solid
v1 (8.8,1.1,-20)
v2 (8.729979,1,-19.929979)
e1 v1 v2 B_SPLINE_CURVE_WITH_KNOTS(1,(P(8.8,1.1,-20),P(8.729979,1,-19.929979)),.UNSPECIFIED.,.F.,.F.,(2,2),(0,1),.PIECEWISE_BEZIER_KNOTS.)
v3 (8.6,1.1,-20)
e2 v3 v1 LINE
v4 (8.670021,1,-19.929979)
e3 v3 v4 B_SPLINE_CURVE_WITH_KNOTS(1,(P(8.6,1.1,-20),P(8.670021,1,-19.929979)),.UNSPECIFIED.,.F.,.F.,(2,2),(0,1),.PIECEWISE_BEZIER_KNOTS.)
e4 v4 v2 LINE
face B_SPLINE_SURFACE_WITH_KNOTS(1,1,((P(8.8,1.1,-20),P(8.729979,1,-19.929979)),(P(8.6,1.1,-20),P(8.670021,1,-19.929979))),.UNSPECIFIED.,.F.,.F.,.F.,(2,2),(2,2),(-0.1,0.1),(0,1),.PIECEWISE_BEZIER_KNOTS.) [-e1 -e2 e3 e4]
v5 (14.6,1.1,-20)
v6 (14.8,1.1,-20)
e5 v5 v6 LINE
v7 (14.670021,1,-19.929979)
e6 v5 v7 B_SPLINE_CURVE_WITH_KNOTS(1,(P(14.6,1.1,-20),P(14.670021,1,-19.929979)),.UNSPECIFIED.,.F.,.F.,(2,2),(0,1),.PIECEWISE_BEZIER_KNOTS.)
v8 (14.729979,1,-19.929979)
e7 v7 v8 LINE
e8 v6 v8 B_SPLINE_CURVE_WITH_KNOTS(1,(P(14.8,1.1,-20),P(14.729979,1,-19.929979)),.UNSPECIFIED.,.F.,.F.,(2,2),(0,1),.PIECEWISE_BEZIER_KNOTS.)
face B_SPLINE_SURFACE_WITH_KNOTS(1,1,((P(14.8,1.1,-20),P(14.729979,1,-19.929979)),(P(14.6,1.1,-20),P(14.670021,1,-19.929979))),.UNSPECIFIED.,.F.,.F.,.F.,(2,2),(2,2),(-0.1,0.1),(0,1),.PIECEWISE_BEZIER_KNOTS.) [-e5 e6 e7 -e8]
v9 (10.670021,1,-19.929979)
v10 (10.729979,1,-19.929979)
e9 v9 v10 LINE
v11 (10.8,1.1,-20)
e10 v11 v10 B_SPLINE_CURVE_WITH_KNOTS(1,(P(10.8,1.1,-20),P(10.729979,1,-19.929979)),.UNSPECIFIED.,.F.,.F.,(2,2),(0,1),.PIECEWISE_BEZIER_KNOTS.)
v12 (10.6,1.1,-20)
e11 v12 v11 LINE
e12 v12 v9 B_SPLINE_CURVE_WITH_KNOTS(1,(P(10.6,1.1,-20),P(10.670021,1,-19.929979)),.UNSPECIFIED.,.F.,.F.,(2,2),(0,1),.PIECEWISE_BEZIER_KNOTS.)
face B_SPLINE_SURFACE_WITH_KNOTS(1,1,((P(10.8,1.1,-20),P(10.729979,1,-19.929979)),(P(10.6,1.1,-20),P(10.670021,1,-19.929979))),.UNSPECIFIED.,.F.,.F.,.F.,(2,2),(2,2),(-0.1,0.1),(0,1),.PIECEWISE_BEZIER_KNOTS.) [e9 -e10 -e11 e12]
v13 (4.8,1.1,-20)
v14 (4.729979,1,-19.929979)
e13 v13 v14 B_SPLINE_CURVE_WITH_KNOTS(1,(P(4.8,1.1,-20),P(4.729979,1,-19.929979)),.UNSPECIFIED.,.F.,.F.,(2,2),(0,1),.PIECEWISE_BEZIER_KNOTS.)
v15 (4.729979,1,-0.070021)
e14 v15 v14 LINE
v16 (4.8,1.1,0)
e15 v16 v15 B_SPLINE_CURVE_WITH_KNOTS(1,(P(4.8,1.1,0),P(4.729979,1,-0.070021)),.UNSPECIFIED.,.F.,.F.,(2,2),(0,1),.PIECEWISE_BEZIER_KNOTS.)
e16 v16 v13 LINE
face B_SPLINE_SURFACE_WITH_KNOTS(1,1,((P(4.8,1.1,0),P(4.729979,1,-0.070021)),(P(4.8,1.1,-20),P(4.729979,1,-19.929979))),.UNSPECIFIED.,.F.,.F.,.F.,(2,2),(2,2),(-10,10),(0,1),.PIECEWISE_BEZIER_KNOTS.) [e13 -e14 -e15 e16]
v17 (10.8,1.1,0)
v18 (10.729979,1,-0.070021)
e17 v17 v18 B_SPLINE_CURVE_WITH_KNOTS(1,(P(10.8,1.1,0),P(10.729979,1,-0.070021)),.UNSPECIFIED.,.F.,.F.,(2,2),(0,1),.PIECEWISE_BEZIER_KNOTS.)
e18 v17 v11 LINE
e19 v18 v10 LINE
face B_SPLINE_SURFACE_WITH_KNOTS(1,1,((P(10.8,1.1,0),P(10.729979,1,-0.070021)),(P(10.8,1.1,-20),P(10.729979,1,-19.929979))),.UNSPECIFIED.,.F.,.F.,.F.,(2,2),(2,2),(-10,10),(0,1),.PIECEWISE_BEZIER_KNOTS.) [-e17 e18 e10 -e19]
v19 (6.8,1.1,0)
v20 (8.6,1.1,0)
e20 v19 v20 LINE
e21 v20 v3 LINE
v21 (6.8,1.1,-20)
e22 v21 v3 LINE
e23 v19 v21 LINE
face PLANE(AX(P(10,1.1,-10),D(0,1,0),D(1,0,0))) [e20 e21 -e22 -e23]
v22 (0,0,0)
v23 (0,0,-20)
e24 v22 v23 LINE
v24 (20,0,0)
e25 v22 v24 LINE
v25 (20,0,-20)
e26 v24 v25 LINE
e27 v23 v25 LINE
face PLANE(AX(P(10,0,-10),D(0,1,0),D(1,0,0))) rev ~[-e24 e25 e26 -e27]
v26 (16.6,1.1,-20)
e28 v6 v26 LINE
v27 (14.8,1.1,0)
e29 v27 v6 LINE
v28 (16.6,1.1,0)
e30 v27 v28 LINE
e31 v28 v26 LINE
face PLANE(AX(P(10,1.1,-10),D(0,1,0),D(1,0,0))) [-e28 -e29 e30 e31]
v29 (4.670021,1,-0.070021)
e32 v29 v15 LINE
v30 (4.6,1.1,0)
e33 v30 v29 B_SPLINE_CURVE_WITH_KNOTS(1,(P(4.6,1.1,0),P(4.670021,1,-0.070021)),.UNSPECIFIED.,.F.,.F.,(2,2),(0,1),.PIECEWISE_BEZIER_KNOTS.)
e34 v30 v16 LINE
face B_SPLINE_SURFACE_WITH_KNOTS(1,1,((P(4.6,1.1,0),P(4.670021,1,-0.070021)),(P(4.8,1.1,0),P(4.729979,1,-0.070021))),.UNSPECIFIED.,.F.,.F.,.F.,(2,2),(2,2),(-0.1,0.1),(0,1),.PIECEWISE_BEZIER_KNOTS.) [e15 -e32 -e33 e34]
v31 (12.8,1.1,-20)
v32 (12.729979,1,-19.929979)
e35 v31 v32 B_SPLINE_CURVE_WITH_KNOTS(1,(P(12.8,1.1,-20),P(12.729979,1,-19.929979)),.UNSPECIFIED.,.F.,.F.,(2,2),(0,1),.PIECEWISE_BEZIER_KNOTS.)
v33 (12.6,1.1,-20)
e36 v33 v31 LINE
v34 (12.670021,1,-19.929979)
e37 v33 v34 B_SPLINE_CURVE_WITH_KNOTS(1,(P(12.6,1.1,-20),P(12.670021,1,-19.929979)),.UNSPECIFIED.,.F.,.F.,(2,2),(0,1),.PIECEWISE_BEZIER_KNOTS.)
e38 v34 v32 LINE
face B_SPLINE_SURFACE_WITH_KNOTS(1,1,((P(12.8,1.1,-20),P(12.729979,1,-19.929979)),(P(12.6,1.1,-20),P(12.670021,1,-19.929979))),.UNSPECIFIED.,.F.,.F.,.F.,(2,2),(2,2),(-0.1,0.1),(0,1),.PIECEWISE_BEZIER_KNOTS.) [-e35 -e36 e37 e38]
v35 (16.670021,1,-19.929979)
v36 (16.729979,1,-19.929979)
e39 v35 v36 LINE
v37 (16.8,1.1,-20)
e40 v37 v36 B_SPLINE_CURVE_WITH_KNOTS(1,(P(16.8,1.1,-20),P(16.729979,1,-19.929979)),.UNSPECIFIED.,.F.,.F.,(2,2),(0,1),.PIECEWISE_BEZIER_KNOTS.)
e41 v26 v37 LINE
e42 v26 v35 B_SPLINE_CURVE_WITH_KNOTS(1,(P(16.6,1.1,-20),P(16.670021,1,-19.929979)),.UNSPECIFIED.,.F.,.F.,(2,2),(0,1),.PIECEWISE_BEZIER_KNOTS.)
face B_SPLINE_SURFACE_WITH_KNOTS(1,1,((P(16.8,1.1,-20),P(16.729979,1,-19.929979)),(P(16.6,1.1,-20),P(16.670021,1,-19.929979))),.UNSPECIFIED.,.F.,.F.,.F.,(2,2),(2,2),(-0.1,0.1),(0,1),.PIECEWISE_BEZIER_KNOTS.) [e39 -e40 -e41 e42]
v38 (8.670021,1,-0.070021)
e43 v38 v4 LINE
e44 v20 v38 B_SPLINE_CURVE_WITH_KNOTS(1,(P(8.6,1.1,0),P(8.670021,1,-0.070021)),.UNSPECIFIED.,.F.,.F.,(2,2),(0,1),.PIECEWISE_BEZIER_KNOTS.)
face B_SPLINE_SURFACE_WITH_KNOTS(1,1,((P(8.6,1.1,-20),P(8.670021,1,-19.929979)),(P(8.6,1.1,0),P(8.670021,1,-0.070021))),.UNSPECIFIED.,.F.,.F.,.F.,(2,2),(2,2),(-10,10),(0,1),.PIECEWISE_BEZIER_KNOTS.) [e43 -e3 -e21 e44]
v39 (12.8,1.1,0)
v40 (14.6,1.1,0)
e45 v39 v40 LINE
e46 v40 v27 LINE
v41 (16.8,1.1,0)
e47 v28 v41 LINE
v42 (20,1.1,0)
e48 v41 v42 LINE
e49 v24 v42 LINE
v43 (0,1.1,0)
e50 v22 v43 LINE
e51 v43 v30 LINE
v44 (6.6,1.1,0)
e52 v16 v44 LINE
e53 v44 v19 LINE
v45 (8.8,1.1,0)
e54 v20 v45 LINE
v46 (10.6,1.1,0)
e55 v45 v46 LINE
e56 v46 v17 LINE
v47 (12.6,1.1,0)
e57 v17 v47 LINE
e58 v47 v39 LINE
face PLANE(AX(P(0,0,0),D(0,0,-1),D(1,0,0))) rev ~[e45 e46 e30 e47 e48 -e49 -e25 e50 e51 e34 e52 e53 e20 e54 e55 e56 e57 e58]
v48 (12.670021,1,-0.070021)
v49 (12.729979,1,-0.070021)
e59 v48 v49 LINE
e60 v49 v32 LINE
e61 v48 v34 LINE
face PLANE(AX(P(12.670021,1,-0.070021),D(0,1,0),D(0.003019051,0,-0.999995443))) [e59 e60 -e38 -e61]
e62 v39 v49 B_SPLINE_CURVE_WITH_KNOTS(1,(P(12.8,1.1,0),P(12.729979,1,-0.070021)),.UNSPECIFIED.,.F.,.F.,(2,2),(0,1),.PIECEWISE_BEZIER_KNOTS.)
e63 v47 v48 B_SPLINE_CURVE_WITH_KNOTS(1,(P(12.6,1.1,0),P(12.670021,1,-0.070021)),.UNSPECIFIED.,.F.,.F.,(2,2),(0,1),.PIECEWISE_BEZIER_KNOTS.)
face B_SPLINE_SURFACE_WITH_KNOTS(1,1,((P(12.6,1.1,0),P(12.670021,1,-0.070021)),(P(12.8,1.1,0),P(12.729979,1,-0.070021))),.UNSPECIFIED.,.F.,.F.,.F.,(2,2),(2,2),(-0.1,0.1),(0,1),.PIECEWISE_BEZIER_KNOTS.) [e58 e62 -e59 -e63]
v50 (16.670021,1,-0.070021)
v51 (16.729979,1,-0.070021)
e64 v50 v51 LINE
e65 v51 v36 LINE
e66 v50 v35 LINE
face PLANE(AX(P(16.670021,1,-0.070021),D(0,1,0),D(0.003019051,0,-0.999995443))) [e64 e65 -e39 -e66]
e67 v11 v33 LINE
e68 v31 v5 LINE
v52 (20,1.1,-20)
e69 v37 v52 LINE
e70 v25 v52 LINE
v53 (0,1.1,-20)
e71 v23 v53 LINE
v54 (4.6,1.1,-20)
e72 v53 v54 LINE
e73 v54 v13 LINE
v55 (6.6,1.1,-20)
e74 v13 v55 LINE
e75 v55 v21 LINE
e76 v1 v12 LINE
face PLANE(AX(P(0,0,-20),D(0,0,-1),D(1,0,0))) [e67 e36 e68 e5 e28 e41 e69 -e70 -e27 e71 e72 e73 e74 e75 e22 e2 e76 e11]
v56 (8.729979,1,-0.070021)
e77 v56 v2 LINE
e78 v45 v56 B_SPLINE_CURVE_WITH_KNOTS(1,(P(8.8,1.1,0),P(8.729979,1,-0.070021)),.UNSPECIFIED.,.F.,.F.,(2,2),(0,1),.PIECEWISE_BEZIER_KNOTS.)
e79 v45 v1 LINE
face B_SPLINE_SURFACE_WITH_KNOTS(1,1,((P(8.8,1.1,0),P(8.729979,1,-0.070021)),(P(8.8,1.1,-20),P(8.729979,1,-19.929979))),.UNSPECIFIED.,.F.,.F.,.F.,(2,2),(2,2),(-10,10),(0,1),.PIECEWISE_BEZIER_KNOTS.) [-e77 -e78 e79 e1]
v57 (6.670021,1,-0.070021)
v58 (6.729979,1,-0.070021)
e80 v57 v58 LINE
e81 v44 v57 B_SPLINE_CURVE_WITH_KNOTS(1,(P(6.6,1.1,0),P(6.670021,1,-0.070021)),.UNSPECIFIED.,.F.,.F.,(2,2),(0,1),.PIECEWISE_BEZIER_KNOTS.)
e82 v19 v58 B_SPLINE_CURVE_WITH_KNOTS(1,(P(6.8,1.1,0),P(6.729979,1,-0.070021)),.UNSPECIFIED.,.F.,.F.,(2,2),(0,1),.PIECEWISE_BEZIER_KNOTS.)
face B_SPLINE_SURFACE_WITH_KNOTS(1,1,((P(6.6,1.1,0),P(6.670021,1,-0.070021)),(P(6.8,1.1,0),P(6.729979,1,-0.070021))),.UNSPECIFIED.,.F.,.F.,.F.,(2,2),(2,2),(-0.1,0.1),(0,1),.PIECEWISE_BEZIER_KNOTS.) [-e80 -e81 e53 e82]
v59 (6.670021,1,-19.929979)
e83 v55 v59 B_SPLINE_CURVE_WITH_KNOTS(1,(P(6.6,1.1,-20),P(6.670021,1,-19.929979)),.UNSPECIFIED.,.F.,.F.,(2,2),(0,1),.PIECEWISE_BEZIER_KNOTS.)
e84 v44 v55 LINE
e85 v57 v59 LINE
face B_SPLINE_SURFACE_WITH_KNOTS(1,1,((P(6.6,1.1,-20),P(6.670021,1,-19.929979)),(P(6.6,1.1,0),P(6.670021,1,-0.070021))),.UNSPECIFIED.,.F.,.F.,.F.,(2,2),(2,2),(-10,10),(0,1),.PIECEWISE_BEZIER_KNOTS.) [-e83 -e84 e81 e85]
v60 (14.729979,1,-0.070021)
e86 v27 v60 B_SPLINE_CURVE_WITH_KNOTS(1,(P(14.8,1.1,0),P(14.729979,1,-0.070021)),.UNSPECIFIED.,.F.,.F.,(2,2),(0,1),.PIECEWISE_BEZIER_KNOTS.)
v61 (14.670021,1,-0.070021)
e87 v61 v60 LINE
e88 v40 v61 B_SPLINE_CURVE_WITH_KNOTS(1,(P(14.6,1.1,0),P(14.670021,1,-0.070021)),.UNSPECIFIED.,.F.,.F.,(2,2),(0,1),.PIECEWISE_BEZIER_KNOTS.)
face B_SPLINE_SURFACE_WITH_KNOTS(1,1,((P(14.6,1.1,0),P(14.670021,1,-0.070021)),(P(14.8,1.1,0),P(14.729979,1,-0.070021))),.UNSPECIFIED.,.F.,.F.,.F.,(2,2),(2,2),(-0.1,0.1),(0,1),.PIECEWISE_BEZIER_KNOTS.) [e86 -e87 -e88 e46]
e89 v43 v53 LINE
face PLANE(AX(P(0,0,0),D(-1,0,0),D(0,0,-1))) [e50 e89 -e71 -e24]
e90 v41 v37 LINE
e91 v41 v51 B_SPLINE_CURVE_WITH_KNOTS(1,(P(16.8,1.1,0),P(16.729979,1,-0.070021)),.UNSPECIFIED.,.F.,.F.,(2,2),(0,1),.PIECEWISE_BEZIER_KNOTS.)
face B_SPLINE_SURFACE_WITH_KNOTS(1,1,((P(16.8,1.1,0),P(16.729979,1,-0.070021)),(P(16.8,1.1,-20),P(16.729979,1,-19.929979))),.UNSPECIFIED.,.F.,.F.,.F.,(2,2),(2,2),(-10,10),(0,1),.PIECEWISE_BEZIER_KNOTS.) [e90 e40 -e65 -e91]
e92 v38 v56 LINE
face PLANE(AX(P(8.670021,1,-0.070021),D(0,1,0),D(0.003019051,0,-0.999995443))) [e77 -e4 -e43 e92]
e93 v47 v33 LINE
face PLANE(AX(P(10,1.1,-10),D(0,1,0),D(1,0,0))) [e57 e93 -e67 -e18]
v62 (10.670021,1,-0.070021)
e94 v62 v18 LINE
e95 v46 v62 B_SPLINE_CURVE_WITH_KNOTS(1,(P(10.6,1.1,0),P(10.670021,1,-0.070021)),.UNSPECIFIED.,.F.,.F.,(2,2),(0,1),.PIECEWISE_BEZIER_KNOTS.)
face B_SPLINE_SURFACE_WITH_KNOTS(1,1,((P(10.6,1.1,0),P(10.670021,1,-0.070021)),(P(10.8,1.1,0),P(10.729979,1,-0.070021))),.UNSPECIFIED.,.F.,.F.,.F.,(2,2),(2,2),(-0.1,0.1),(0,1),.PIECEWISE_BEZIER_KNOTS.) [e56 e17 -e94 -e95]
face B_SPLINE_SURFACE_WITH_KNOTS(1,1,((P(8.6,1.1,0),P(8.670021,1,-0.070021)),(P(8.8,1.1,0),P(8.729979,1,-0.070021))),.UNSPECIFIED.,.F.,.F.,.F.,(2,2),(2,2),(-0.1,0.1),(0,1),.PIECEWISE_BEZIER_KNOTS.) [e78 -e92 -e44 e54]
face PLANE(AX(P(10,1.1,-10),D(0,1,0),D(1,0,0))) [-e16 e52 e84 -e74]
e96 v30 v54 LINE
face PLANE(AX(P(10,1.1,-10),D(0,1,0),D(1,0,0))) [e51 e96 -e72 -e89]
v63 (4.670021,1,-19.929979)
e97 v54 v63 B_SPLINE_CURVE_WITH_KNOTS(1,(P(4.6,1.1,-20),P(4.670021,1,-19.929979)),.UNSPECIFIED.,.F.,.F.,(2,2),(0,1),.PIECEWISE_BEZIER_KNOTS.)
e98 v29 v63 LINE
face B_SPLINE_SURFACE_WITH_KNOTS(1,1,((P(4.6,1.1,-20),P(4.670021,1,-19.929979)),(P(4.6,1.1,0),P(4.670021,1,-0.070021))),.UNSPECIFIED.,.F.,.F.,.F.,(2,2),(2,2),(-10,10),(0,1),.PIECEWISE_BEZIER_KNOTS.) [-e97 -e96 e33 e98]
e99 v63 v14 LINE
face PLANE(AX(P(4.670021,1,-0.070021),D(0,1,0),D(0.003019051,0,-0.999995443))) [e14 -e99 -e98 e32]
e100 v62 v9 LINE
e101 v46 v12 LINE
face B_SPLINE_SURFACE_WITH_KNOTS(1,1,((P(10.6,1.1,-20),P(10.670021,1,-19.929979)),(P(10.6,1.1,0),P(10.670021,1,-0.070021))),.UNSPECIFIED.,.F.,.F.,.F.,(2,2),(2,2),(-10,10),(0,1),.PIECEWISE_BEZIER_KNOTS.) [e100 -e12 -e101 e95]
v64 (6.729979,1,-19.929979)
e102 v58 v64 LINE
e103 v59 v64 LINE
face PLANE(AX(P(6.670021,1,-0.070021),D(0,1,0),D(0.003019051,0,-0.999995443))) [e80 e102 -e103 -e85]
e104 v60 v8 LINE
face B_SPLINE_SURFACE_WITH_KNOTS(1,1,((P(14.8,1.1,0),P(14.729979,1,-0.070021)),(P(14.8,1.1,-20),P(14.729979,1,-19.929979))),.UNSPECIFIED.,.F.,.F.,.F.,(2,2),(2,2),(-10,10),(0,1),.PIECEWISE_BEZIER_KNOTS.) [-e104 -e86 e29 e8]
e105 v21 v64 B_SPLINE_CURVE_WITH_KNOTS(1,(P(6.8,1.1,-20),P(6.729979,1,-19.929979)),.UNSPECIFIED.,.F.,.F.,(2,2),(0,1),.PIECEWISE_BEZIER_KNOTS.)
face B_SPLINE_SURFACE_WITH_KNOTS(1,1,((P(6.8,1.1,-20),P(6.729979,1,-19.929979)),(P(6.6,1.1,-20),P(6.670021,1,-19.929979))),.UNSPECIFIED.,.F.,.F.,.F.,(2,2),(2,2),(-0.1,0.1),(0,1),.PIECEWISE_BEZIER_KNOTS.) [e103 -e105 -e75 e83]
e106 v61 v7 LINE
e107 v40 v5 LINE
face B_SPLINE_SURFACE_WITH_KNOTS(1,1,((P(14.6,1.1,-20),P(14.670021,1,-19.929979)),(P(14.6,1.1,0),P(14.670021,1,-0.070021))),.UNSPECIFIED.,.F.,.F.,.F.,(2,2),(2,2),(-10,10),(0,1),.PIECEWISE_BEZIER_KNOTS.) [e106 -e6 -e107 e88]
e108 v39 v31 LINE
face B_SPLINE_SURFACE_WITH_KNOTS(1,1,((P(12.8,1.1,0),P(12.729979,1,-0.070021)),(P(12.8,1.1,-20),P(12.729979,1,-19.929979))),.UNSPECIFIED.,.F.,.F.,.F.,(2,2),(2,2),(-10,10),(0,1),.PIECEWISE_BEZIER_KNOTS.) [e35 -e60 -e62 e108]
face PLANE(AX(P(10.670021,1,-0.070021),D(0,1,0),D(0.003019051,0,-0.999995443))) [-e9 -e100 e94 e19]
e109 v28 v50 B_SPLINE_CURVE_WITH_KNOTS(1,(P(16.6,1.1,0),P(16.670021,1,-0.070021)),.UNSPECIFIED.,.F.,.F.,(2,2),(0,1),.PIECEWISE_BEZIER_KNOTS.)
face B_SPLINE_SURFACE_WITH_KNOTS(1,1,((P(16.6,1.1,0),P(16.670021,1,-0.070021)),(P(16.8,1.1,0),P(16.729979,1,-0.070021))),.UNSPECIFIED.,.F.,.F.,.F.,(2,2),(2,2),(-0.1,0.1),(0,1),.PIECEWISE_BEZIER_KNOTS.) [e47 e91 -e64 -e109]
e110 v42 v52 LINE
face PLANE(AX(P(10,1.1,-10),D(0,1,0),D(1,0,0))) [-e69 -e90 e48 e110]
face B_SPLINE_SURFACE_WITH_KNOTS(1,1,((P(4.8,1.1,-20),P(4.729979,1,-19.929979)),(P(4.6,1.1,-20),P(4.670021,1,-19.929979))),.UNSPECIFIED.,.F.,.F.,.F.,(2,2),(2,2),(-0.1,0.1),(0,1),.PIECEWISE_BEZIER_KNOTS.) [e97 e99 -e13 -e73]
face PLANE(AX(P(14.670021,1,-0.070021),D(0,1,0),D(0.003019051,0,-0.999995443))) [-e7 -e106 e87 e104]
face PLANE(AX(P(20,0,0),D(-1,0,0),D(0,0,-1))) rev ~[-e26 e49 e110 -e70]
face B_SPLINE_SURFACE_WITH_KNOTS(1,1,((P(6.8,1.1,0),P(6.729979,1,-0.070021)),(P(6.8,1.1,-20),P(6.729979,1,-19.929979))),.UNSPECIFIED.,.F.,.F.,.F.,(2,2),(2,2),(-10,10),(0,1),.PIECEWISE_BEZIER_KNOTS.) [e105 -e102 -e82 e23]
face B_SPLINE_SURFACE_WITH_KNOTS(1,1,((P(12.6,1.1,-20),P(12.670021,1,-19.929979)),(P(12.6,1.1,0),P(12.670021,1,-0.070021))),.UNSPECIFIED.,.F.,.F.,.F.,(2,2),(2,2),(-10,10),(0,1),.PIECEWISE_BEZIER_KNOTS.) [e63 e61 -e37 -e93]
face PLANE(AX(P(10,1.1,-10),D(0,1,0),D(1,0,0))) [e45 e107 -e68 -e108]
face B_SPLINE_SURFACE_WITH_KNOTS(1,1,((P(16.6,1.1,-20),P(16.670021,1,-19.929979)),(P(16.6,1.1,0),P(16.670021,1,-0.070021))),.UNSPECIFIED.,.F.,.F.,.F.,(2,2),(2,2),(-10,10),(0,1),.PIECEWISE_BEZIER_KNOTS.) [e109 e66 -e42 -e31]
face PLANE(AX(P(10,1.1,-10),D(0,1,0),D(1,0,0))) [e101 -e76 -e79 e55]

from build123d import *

# Parameters (mm, degrees)
SKETCH1_W           = 20
SKETCH1_H           = 20
BOSS_EXTRUDE2_DEPTH = 1.1
SKETCH2_W           = 0.2
SKETCH2_H           = 20
CUT_EXTRUDE1_DEPTH  = 0.1
CUT_EXTRUDE1_TAPER  = 35


with BuildPart() as part:
    # Sketch1 → Boss-Extrude2 (new body)
    with BuildSketch(Plane(origin=(0, 0, 0), x_dir=(1, 0, 0), z_dir=(0, 1, 0))):
        with Locations((10, 10)):
            Rectangle(SKETCH1_W, SKETCH1_H)
    extrude(amount=BOSS_EXTRUDE2_DEPTH)

    # Sketch2 → Cut-Extrude1 (cut)
    with BuildSketch(Plane(origin=(0, 1.1, 0), x_dir=(1, 0, 0), z_dir=(0, 1, 0))):
        with Locations((16.7, 10)):
            Rectangle(SKETCH2_W, SKETCH2_H)
        with Locations((14.7, 10)):
            Rectangle(SKETCH2_W, SKETCH2_H)
        with Locations((12.7, 10)):
            Rectangle(SKETCH2_W, SKETCH2_H)
        with Locations((10.7, 10)):
            Rectangle(SKETCH2_W, SKETCH2_H)
        with Locations((8.7, 10)):
            Rectangle(SKETCH2_W, SKETCH2_H)
        with Locations((6.7, 10)):
            Rectangle(SKETCH2_W, SKETCH2_H)
        with Locations((4.7, 10)):
            Rectangle(SKETCH2_W, SKETCH2_H)
    extrude(amount=-CUT_EXTRUDE1_DEPTH, taper=CUT_EXTRUDE1_TAPER, mode=Mode.SUBTRACT)


solid = part.part
